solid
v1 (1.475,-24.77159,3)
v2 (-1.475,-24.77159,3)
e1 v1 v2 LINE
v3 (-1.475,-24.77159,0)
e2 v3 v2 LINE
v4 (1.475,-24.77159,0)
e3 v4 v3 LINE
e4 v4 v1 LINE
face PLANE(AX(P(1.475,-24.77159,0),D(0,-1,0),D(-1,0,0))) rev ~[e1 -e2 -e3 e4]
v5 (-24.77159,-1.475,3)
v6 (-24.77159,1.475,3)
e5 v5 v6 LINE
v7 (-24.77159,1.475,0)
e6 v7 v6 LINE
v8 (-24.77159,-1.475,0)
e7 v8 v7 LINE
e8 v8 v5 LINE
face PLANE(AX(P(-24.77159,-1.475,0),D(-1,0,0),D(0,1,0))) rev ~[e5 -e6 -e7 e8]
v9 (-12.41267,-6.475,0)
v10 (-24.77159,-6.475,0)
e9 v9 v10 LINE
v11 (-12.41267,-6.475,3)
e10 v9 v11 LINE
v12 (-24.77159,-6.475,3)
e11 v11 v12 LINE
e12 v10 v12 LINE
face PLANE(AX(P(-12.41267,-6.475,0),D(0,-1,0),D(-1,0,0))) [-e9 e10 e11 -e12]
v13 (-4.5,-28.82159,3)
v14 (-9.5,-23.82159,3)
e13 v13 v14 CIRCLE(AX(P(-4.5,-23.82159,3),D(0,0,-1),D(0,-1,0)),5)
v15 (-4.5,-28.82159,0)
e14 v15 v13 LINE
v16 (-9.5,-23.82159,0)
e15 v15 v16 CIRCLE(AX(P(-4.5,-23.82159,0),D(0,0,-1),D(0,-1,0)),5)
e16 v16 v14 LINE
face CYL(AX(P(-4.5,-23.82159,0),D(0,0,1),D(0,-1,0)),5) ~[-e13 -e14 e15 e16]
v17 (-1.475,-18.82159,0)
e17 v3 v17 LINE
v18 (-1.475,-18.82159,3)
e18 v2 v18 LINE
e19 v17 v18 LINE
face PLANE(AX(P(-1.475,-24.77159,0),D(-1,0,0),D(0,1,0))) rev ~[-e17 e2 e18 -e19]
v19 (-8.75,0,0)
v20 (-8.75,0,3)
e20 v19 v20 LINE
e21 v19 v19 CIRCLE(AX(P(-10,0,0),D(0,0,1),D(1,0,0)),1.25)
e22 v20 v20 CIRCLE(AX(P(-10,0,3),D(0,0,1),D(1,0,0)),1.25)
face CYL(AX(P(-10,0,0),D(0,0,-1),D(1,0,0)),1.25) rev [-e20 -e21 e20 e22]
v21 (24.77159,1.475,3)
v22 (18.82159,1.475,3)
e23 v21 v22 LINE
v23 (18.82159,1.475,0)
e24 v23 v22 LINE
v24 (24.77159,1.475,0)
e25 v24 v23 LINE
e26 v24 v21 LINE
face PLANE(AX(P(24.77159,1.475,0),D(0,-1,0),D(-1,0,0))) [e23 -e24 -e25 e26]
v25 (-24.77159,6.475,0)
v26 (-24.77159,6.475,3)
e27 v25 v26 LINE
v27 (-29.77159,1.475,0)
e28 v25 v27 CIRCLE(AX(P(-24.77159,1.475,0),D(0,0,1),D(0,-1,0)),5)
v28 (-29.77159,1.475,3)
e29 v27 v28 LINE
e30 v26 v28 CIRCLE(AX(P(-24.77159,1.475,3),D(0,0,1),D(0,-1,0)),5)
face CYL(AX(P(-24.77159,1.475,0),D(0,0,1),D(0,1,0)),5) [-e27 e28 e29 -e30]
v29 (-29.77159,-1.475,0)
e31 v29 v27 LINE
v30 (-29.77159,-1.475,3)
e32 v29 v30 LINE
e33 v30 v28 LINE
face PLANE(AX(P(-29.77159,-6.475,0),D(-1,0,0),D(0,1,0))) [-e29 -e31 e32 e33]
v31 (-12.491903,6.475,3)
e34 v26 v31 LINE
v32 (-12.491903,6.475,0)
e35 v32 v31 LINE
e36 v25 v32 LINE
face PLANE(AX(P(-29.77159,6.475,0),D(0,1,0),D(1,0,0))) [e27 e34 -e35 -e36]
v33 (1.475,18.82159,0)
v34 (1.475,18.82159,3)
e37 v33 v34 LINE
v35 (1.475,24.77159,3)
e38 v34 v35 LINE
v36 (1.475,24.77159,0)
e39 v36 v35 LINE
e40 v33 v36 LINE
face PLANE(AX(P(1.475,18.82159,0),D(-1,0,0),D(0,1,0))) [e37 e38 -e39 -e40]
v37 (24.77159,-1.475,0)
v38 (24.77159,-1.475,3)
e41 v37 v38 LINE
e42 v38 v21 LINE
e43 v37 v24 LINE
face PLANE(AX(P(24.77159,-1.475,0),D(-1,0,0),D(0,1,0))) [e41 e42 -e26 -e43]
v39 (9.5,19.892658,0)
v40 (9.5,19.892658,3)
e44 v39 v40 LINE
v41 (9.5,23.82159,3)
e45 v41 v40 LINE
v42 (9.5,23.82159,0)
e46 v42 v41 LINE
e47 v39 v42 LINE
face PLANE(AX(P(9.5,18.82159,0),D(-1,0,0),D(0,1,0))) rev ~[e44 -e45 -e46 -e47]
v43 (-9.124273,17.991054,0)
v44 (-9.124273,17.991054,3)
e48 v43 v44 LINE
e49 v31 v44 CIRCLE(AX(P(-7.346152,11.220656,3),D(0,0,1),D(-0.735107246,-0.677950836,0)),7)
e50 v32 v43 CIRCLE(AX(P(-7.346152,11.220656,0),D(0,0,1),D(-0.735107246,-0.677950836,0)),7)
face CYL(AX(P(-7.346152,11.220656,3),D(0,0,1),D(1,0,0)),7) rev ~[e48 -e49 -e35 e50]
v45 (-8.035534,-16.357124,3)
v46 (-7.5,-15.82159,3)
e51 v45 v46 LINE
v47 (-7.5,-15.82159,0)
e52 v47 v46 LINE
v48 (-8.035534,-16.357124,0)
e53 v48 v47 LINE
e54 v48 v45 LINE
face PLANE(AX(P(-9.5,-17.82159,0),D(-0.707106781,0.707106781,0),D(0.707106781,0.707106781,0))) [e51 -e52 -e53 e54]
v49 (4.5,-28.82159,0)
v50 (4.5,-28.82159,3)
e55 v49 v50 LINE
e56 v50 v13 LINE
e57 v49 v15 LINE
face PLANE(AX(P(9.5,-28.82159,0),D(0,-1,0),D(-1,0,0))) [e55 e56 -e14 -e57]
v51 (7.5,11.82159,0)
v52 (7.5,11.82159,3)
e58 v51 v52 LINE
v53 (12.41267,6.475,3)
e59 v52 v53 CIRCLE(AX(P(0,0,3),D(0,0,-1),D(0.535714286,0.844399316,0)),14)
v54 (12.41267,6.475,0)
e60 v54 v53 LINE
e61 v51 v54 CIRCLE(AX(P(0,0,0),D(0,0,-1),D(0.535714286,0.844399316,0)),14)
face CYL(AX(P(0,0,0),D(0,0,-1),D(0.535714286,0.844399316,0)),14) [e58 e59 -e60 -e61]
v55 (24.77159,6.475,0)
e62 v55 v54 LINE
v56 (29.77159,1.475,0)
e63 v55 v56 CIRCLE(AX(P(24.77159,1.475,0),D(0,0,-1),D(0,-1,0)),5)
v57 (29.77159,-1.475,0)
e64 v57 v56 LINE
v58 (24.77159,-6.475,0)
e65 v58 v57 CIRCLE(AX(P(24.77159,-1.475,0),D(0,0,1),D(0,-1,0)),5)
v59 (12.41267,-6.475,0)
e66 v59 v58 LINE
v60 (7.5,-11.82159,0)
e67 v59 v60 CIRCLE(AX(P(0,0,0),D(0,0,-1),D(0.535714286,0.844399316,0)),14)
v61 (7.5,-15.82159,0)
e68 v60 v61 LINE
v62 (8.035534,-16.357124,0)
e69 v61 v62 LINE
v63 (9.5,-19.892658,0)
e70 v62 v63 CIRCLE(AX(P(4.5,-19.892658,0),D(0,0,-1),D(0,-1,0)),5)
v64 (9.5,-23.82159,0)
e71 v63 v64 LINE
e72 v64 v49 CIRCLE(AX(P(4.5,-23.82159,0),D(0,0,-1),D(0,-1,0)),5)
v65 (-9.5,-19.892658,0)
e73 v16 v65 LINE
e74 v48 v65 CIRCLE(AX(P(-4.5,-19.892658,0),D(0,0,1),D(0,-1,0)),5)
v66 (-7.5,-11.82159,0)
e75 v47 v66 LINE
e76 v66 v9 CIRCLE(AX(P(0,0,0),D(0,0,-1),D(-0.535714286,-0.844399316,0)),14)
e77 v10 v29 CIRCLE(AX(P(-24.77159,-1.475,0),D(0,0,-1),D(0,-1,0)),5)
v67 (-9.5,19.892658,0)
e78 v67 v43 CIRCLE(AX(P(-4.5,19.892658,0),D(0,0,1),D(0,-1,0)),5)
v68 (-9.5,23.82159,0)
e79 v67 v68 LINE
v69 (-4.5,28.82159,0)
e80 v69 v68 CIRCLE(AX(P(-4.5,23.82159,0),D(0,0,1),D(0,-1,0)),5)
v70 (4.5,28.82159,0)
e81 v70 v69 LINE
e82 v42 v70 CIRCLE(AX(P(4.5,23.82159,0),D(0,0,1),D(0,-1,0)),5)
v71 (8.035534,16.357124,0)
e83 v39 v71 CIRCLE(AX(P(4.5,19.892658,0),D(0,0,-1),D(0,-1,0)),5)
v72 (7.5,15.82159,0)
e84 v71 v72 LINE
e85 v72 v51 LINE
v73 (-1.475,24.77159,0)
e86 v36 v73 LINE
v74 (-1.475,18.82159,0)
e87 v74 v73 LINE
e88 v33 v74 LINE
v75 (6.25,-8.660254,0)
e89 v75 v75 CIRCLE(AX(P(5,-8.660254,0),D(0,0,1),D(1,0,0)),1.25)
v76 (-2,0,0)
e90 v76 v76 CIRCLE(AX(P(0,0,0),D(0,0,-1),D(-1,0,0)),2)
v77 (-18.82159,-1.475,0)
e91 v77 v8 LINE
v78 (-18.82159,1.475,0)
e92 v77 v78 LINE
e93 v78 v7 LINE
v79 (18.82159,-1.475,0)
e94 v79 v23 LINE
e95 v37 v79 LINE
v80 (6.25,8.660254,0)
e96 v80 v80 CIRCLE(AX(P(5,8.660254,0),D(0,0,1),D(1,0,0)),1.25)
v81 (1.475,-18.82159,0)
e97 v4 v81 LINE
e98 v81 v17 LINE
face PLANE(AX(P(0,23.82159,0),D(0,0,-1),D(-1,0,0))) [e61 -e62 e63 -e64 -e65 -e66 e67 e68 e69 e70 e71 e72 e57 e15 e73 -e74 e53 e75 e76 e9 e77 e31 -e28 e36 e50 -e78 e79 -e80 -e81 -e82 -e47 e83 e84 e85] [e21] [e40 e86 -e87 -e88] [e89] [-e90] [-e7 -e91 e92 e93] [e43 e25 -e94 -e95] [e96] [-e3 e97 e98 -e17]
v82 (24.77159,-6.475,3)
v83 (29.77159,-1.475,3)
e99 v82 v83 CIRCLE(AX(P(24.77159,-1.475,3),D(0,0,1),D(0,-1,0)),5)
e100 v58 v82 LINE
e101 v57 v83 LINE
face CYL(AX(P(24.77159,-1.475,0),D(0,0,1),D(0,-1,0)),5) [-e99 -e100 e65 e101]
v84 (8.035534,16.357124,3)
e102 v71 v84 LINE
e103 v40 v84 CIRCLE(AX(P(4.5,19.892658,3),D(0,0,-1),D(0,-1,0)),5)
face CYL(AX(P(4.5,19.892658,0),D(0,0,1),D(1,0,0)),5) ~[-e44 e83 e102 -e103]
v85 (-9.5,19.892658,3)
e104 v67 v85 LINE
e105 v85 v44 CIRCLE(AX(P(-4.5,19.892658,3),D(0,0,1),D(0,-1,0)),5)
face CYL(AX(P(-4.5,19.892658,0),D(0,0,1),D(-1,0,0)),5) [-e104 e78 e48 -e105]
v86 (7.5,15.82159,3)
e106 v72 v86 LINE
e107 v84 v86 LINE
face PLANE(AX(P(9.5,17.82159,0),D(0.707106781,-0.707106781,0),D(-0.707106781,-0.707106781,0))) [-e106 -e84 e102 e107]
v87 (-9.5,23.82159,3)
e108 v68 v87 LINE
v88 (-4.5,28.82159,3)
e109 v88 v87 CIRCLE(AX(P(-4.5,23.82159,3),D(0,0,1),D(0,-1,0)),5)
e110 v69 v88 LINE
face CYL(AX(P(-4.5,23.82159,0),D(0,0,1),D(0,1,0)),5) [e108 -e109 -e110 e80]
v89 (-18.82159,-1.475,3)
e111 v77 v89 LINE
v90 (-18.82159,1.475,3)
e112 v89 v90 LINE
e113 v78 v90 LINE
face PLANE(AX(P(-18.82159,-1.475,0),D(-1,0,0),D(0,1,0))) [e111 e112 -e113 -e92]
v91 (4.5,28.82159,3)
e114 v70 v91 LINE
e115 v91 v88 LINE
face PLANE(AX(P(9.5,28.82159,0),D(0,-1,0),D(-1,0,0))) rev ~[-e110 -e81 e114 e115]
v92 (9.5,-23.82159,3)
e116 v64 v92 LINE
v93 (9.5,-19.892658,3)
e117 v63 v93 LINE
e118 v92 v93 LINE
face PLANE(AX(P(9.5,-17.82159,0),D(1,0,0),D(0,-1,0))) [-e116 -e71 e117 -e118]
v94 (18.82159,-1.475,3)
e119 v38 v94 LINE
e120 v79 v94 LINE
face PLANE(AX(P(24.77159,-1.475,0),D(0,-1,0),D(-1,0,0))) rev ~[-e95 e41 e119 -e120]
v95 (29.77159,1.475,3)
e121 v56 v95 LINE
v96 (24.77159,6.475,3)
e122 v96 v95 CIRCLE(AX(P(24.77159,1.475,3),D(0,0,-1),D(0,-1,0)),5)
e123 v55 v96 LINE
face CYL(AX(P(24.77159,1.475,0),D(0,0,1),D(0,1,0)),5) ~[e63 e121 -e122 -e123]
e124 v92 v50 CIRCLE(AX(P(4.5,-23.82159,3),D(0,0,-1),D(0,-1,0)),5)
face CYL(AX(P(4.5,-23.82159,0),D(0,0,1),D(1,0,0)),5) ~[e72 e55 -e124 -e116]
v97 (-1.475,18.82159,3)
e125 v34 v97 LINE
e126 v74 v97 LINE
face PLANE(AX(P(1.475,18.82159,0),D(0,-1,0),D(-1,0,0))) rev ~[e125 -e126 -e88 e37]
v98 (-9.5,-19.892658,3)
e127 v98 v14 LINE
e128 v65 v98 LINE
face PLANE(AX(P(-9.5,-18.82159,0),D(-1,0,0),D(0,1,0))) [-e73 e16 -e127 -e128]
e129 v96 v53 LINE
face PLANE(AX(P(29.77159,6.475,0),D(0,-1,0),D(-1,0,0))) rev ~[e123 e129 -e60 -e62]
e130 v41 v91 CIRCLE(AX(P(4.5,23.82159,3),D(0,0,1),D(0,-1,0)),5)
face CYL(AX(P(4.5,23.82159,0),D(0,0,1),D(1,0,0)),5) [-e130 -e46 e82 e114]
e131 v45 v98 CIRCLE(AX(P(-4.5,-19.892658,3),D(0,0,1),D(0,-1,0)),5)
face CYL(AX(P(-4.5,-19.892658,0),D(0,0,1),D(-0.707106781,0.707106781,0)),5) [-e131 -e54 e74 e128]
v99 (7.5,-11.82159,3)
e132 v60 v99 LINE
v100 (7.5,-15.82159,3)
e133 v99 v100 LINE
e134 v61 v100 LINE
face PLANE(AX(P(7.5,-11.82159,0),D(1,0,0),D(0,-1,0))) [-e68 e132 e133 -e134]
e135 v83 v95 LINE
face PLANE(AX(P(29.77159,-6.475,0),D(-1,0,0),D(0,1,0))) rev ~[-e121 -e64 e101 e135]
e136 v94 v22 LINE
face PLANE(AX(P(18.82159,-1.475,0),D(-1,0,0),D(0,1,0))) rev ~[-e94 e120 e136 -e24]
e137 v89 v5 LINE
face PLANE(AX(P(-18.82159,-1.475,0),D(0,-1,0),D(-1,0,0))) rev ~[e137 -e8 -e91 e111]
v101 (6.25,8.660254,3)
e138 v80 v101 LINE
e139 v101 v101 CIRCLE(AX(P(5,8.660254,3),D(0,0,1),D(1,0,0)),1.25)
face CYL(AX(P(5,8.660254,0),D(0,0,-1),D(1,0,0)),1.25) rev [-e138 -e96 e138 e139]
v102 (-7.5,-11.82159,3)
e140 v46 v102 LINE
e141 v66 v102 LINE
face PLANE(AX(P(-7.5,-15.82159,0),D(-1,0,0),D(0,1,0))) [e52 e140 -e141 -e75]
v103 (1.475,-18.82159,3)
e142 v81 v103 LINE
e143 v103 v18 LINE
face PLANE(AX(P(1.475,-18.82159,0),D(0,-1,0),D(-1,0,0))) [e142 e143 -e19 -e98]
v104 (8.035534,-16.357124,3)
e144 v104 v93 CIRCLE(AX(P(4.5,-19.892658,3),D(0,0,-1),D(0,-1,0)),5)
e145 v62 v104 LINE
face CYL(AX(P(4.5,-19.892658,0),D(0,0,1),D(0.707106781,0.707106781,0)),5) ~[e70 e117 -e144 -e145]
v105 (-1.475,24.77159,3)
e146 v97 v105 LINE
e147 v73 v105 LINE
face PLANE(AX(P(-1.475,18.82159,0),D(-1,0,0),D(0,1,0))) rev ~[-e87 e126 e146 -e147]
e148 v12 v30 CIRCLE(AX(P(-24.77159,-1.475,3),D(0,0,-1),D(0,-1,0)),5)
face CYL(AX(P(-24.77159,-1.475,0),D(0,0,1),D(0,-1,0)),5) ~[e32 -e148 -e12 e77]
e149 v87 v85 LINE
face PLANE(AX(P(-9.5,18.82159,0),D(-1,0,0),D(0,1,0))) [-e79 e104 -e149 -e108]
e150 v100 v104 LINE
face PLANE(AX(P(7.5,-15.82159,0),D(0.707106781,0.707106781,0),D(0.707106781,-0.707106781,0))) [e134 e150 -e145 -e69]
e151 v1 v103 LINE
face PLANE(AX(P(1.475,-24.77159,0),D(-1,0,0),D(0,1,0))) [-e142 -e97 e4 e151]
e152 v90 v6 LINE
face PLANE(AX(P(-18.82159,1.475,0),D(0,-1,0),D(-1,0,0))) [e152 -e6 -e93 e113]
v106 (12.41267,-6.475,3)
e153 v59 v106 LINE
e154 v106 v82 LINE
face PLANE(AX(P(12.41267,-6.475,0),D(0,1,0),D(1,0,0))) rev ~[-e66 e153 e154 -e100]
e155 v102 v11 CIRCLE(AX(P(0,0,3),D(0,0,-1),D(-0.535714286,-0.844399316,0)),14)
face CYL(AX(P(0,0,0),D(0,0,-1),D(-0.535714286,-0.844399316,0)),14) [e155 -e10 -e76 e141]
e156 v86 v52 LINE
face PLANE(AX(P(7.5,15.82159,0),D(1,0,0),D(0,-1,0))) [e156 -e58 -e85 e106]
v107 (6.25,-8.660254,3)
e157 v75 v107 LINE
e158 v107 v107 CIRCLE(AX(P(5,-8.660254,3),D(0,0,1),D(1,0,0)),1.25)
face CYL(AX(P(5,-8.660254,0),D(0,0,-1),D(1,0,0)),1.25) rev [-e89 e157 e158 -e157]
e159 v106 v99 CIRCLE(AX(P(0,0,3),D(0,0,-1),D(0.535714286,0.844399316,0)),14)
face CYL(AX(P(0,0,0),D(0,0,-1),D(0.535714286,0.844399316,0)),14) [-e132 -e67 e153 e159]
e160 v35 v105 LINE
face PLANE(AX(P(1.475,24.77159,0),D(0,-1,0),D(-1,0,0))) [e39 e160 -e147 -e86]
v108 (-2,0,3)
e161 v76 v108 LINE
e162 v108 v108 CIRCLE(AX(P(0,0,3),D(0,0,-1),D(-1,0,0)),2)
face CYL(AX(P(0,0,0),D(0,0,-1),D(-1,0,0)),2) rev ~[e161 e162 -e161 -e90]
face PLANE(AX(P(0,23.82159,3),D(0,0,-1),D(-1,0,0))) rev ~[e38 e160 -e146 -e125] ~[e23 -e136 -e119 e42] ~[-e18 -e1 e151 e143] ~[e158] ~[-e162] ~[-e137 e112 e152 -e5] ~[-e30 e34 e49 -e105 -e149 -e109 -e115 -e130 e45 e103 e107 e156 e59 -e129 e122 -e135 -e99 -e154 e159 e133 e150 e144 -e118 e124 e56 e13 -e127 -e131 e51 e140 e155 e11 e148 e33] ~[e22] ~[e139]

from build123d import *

# Parameters (mm, degrees)
SKETCH1_R           = 1.25
BOSS_EXTRUDE1_DEPTH = 3
SKETCH2_W           = 19
SKETCH2_H           = 10
BOSS_EXTRUDE2_DEPTH = 3
SKETCH3_R           = 2
CUT_EXTRUDE1_DEPTH  = 10
SKETCH4_W           = 2.95
SKETCH4_H           = 5.95
CUT_EXTRUDE2_DEPTH  = 33.182045836
FILLET1_R           = 5
SKETCH5_W           = 5.95
SKETCH5_H           = 2.95
BOSS_EXTRUDE3_DEPTH = 3
FILLET2_R           = 5
SKETCH6_R           = 7
CUT_EXTRUDE4_DEPTH  = 10


with BuildPart() as part:
    # Sketch1 → Boss-Extrude1 (new body)
    with BuildSketch(Plane.XY):
        with BuildLine():
            Line((7.5, 18.821590418), (9.5, 18.821590418))
            Line((9.5, 18.821590418), (9.5, 17.821590418))
            Line((9.5, 17.821590418), (7.5, 15.821590418))
            Line((7.5, 15.821590418), (7.5, 11.821590418))
            ThreePointArc((7.5, 11.821590418), (14, 0), (7.5, -11.821590418))
            Line((7.5, -11.821590418), (7.5, -15.821590418))
            Line((7.5, -15.821590418), (9.5, -17.821590418))
            Line((9.5, -17.821590418), (9.5, -18.821590418))
            Line((9.5, -18.821590418), (7.5, -18.821590418))
            Line((7.5, -18.821590418), (-7.5, -18.821590418))
            Line((-7.5, -18.821590418), (-9.5, -18.821590418))
            Line((-9.5, -18.821590418), (-9.5, -17.821590418))
            Line((-9.5, -17.821590418), (-7.5, -15.821590418))
            Line((-7.5, -15.821590418), (-7.5, -11.821590418))
            ThreePointArc((-7.5, -11.821590418), (-14, 0), (-7.5, 11.821590418))
            Line((-7.5, 11.821590418), (-7.5, 15.821590418))
            Line((-7.5, 15.821590418), (-9.5, 17.821590418))
            Line((-9.5, 17.821590418), (-9.5, 18.821590418))
            Line((-9.5, 18.821590418), (-7.5, 18.821590418))
            Line((-7.5, 18.821590418), (7.5, 18.821590418))
        make_face()
        with Locations((-10, 0)):
            Circle(SKETCH1_R, mode=Mode.SUBTRACT)
        with Locations((5, 8.660254038)):
            Circle(SKETCH1_R, mode=Mode.SUBTRACT)
        with Locations((5, -8.660254038)):
            Circle(SKETCH1_R, mode=Mode.SUBTRACT)
    extrude(amount=BOSS_EXTRUDE1_DEPTH)

    # Sketch2 → Boss-Extrude2 (add)
    with BuildSketch(Plane(origin=(0, 0, 0), x_dir=(-1, 0, 0), z_dir=(0, 0, -1))):
        with Locations((0, 23.821590418)):
            Rectangle(SKETCH2_W, SKETCH2_H)
        with Locations((0, -23.821590418)):
            Rectangle(SKETCH2_W, SKETCH2_H)
    extrude(amount=-BOSS_EXTRUDE2_DEPTH)

    # Sketch3 → Cut-Extrude1 (cut)
    with BuildSketch(Plane(origin=(0, 0, 0), x_dir=(-1, 0, 0), z_dir=(0, 0, -1))):
        Circle(SKETCH3_R)
    extrude(amount=-CUT_EXTRUDE1_DEPTH, mode=Mode.SUBTRACT)

    # Sketch4 → Cut-Extrude2 (cut, through all)
    with BuildSketch(Plane(origin=(0, 0, 0), x_dir=(-1, 0, 0), z_dir=(0, 0, -1))):
        with Locations((0, 21.796590418)):
            Rectangle(SKETCH4_W, SKETCH4_H)
        with Locations((0, -21.796590418)):
            Rectangle(SKETCH4_W, SKETCH4_H)
    extrude(amount=-CUT_EXTRUDE2_DEPTH, mode=Mode.SUBTRACT)

    # Fillet1
    fillet1_edges = [part.edges().sort_by_distance(p)[0] for p in [
        (9.5, -17.821590418, 1.5),
        (-9.5, -17.821590418, 1.5),
        (-9.5, 17.821590418, 1.5),
        (9.5, 17.821590418, 1.5),
        (-9.5, 28.821590418, 1.5),
        (9.5, 28.821590418, 1.5),
        (-9.5, -28.821590418, 1.5),
        (9.5, -28.821590418, 1.5),
    ]]
    fillet(fillet1_edges, radius=FILLET1_R)

    # Sketch5 → Boss-Extrude3 (add)
    # profile 1 of 2: a face of its own
    with BuildSketch(Plane(origin=(0, 0, 0), x_dir=(-1, 0, 0), z_dir=(0, 0, -1))):
        with BuildLine():
            Line((-12.412669938, -6.475), (-29.771590418, -6.475))
            Line((-29.771590418, -6.475), (-29.771590418, 6.475))
            Line((-29.771590418, 6.475), (-12.412669938, 6.475))
            ThreePointArc((-12.412669938, 6.475), (-14, 0), (-12.412669938, -6.475))
        make_face()
        with Locations((-21.796590418, 0)):
            Rectangle(SKETCH5_W, SKETCH5_H, mode=Mode.SUBTRACT)
    # profile 2 of 2: a face of its own
    with BuildSketch(Plane(origin=(0, 0, 0), x_dir=(-1, 0, 0), z_dir=(0, 0, -1))):
        with BuildLine():
            Line((29.771590418, 6.475), (12.412669938, 6.475))
            ThreePointArc((12.412669938, 6.475), (14, 0), (12.412669938, -6.475))
            Line((12.412669938, -6.475), (29.771590418, -6.475))
            Line((29.771590418, -6.475), (29.771590418, 6.475))
        make_face()
        with Locations((21.796590418, 0)):
            Rectangle(SKETCH5_W, SKETCH5_H, mode=Mode.SUBTRACT)
    extrude(amount=-BOSS_EXTRUDE3_DEPTH)

    # Fillet2
    fillet2_edges = [part.edges().sort_by_distance(p)[0] for p in [
        (-29.771590418, 6.475, 1.5),
        (-29.771590418, -6.475, 1.5),
        (29.771590418, -6.475, 1.5),
        (29.771590418, 6.475, 1.5),
    ]]
    fillet(fillet2_edges, radius=FILLET2_R)

    # Sketch6 → Cut-Extrude4 (cut)
    with BuildSketch(Plane.XY.offset(3)):
        with Locations((-7.346152109, 11.220655855)):
            Circle(SKETCH6_R)
    extrude(amount=-CUT_EXTRUDE4_DEPTH, mode=Mode.SUBTRACT)


solid = part.part
